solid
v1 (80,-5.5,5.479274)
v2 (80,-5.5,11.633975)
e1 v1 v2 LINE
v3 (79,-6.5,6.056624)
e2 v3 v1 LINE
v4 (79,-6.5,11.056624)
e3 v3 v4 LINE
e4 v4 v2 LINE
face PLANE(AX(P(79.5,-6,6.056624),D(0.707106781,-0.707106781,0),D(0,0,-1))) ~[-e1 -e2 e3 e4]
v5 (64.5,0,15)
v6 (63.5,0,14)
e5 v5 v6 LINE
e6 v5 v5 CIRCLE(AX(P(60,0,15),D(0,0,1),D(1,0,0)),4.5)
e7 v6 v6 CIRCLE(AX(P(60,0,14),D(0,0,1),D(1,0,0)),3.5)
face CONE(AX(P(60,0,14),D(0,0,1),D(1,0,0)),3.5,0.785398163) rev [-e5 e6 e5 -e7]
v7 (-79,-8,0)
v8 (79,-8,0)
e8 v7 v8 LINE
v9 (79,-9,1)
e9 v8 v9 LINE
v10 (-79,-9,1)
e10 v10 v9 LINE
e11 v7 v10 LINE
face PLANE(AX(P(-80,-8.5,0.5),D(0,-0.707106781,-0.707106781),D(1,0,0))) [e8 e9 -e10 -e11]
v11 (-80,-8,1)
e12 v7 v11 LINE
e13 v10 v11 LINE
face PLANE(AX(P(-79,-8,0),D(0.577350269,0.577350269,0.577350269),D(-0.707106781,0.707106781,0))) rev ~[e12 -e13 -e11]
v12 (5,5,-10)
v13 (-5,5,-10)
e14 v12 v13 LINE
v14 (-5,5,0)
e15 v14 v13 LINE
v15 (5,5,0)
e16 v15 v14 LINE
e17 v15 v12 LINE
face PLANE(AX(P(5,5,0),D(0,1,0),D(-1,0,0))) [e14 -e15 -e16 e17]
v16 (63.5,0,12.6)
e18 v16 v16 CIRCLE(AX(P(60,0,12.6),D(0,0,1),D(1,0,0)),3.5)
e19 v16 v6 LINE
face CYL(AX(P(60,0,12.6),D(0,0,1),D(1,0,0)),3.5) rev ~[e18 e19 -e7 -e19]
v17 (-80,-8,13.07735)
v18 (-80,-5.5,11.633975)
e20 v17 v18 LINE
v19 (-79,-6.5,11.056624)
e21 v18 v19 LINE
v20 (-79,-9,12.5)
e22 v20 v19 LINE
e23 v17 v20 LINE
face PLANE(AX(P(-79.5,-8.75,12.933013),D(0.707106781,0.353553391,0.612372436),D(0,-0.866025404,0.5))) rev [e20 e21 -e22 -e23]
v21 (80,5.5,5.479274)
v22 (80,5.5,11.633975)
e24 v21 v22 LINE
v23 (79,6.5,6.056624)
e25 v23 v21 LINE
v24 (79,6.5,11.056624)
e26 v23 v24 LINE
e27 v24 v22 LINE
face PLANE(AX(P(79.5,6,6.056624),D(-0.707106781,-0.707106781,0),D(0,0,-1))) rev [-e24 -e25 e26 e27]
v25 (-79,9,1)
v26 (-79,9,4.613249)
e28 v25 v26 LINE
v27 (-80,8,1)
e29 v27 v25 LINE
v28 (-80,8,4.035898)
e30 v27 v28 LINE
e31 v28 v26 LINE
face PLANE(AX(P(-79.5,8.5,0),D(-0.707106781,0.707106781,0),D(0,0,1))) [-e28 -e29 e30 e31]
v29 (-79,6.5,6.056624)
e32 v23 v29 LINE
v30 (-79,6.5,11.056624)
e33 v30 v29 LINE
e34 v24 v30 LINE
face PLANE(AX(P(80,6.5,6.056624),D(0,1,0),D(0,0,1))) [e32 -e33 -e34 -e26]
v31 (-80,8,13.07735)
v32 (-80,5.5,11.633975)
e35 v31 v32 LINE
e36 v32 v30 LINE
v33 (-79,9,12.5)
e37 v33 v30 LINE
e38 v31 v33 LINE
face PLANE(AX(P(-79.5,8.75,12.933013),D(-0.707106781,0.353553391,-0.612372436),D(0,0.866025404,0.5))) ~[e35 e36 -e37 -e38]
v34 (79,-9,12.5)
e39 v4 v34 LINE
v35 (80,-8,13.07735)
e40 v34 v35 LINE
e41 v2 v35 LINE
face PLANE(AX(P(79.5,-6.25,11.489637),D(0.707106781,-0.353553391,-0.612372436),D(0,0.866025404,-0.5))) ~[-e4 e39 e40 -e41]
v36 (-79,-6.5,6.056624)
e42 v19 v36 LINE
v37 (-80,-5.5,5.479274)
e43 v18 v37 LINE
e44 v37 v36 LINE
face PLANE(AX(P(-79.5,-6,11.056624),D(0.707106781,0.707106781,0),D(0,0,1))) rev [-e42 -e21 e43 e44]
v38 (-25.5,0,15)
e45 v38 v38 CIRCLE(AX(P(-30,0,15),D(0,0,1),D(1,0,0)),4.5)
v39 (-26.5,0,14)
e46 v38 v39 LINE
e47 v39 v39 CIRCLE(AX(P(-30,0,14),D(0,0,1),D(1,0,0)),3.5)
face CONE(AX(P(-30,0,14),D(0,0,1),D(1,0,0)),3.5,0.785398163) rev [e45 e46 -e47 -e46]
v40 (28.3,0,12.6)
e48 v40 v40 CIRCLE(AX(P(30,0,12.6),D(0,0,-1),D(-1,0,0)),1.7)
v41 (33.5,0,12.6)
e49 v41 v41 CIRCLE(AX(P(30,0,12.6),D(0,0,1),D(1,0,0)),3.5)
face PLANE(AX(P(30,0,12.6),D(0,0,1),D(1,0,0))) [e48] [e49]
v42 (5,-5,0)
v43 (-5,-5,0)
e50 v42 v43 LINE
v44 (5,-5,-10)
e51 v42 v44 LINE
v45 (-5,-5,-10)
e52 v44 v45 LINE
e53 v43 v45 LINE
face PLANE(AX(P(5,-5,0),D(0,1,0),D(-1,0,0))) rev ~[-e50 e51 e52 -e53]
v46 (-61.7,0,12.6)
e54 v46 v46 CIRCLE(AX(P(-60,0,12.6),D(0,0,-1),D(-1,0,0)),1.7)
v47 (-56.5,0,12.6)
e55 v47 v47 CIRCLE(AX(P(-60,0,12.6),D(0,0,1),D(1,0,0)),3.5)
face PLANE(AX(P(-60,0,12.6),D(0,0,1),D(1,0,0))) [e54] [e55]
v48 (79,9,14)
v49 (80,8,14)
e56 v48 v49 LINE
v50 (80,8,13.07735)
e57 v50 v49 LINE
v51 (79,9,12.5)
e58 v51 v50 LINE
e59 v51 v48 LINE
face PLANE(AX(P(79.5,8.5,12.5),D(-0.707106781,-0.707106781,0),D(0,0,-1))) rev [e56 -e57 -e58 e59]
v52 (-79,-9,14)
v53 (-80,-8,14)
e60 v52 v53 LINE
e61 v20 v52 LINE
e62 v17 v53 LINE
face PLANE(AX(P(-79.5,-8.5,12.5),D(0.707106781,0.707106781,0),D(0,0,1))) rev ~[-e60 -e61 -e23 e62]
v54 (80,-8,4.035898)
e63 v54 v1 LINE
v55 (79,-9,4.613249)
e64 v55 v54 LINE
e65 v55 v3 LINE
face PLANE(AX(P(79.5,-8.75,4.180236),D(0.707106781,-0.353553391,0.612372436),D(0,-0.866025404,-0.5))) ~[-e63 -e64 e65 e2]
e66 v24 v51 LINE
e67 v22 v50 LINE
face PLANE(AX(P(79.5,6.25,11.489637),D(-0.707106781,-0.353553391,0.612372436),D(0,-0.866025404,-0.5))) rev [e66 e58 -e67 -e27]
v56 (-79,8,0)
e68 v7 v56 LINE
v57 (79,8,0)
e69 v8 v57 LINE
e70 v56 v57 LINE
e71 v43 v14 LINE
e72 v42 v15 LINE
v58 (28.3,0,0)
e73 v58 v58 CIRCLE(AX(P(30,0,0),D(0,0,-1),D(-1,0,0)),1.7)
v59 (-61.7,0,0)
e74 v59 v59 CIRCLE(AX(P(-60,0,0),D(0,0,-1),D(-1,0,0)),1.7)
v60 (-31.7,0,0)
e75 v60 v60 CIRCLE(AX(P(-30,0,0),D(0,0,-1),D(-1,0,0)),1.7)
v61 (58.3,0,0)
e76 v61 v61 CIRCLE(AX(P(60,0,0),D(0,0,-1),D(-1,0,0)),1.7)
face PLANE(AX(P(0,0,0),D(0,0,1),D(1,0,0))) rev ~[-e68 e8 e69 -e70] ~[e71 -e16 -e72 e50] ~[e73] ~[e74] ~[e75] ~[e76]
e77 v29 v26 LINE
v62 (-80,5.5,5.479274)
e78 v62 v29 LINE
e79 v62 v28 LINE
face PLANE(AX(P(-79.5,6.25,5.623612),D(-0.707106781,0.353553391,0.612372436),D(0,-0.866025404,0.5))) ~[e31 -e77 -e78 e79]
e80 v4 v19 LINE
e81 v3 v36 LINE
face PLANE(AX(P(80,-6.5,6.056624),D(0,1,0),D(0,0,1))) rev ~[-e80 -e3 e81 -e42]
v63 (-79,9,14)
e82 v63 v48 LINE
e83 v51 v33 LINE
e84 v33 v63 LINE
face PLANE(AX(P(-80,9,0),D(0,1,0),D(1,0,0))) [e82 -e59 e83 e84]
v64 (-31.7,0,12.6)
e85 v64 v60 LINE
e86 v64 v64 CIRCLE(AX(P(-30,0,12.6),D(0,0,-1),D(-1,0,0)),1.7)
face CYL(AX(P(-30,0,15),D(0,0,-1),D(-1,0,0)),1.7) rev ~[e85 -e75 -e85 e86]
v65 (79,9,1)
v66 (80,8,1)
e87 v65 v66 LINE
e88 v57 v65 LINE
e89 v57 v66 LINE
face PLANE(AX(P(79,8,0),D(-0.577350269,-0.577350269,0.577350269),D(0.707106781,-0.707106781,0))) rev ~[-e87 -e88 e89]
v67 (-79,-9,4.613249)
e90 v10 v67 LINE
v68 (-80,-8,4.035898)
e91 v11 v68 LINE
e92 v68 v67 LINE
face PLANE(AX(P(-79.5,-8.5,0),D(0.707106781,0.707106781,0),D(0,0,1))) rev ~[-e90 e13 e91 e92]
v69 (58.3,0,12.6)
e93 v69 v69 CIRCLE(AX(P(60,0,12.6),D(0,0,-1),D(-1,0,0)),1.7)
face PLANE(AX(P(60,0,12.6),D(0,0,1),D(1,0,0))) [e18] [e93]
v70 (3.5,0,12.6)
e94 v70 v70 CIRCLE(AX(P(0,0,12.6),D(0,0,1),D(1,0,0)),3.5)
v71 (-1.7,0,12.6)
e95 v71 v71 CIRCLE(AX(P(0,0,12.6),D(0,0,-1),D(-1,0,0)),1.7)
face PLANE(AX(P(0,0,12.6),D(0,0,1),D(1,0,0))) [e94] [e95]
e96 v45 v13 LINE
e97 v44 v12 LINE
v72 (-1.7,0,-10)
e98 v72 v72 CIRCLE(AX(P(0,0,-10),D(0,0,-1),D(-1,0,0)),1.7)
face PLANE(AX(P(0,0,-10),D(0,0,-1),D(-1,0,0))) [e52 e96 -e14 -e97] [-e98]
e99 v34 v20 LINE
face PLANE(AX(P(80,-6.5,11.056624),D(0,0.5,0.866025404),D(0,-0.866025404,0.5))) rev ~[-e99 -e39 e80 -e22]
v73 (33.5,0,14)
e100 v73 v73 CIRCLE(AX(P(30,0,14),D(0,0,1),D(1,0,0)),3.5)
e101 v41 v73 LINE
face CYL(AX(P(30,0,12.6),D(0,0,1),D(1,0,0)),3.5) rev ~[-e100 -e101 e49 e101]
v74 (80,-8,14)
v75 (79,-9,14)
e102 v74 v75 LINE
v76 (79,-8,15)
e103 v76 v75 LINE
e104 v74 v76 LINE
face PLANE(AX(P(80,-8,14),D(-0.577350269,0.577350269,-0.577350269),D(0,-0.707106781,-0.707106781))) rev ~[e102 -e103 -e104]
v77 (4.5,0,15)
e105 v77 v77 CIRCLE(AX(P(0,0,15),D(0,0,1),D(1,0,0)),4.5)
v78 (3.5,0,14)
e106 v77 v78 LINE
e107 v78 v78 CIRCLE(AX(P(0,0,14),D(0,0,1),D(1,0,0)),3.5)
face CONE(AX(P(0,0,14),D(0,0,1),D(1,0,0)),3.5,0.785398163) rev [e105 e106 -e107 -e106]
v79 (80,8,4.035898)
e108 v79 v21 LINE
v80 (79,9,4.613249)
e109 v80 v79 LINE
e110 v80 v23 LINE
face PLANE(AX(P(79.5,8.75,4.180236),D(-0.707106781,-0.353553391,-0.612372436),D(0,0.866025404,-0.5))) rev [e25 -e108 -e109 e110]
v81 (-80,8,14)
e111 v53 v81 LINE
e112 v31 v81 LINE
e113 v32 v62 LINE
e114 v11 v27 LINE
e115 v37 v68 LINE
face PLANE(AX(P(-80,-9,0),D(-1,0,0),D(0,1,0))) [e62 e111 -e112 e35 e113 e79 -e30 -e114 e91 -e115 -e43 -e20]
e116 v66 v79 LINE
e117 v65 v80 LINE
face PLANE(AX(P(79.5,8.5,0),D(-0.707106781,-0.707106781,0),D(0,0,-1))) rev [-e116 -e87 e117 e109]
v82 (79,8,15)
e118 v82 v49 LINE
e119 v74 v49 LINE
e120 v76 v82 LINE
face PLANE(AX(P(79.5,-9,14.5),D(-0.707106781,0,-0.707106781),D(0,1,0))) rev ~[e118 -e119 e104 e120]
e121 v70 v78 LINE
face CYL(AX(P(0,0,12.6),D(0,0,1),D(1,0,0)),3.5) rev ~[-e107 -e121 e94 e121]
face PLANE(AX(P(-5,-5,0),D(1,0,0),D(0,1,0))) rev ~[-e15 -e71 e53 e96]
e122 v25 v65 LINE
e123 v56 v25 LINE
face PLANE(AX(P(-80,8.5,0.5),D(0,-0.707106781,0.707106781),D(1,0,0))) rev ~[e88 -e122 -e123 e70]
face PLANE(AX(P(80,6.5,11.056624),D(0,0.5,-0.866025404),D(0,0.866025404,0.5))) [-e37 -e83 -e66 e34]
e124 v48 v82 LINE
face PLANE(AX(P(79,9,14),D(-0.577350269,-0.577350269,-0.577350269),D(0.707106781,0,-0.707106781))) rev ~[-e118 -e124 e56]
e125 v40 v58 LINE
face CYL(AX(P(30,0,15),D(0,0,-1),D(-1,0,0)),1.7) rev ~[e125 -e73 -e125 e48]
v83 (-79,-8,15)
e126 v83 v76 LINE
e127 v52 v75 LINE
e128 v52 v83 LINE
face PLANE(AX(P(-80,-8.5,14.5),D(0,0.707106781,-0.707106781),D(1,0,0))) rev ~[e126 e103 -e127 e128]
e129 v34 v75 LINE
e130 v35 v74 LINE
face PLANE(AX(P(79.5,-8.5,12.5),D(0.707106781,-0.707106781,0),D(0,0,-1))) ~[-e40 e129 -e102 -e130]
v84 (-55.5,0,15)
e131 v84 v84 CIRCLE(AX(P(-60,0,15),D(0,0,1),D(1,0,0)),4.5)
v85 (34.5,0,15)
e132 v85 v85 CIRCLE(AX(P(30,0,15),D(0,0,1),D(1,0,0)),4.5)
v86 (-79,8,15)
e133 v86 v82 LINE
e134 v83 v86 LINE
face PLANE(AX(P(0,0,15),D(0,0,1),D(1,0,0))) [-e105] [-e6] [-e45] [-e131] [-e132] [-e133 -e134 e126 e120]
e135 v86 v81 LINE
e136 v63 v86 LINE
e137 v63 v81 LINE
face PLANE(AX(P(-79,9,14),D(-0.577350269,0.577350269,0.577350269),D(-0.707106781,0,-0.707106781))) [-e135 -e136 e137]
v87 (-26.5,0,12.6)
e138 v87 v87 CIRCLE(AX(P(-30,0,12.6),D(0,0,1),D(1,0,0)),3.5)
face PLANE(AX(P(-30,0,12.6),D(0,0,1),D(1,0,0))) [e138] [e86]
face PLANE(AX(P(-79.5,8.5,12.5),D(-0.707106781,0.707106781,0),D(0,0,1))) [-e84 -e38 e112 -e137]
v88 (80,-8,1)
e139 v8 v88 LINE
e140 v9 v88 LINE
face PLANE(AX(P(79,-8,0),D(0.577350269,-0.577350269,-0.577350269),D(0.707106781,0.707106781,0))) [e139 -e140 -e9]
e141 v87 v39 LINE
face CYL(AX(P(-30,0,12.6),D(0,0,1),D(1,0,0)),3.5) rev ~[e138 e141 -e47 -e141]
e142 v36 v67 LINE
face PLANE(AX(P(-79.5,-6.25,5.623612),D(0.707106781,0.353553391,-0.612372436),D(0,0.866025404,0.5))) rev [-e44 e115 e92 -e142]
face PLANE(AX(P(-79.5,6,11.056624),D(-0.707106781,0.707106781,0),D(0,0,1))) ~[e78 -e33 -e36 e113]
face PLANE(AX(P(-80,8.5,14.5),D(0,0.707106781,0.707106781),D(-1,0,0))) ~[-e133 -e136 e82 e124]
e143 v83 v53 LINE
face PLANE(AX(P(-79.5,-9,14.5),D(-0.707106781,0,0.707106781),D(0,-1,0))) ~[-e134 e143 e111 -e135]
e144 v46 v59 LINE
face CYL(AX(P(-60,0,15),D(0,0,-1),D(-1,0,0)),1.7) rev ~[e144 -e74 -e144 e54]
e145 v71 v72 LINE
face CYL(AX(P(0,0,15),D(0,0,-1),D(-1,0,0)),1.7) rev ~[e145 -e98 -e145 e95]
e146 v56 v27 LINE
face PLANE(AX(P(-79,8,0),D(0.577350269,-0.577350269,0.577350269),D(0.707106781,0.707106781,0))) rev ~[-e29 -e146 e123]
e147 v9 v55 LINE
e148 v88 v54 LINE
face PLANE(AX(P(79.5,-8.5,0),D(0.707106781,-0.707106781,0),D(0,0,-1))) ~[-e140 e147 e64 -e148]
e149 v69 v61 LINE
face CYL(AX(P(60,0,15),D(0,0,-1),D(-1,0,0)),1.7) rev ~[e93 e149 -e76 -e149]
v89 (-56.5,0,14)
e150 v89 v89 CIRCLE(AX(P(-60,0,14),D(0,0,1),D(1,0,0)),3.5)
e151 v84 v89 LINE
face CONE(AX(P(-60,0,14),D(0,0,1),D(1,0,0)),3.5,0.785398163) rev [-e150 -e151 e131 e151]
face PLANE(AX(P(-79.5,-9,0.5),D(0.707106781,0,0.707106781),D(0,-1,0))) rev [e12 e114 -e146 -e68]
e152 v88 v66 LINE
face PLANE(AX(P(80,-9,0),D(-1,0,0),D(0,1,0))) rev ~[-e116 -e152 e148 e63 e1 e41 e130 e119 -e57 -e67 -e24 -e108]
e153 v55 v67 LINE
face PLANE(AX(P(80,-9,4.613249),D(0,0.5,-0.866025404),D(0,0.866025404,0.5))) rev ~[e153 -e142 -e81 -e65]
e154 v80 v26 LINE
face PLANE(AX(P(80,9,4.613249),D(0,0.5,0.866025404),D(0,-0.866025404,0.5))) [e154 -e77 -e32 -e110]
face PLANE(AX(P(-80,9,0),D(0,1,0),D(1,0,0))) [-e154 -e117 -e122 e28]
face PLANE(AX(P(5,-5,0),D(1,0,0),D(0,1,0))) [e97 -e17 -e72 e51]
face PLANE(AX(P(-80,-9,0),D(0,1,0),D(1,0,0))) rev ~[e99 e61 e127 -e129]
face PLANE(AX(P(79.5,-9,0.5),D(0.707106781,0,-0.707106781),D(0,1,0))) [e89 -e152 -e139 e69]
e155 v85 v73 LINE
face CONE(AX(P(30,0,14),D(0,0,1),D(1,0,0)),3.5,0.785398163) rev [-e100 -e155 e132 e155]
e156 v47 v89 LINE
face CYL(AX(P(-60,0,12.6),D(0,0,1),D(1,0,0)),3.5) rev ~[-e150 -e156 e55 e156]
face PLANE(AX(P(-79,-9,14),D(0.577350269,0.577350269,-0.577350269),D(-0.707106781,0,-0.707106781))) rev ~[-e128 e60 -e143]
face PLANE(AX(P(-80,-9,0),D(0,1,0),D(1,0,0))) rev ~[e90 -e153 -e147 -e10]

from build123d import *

# Parameters (mm, degrees)
SKETCH1_W                                = 160
SKETCH1_H                                = 18
BOSS_EXTRUDE1_DEPTH                      = 15
CUT_EXTRUDE1_DEPTH                       = 161.953409408
SKETCH3_W                                = 10
SKETCH3_H                                = 10
BOSS_EXTRUDE2_DEPTH                      = 10
CBORE_FOR_M3_PAN_HEAD_SCREW1_D           = 3.4
CBORE_FOR_M3_PAN_HEAD_SCREW1_CBORE_D     = 7
CBORE_FOR_M3_PAN_HEAD_SCREW1_CBORE_DEPTH = 2.4
CHAMFER1_SIZE                            = 1
LPATTERN2_COUNT                          = 3
LPATTERN2_PITCH                          = 30
LPATTERN3_COUNT                          = 3
LPATTERN3_PITCH                          = 30
CHAMFER2_SIZE                            = 1


with BuildPart() as part:
    # Sketch1 → Boss-Extrude1 (new body)
    with BuildSketch(Plane.XY):
        Rectangle(SKETCH1_W, SKETCH1_H)
    extrude(amount=BOSS_EXTRUDE1_DEPTH)

    # Sketch2 → Cut-Extrude1 (cut, through all)
    with BuildSketch(Plane(origin=(80, 0, 0), x_dir=(0, 0, -1), z_dir=(1, 0, 0))):
        Polygon((-12.5, 9), (-4.613248654, 9), (-6.056624327, 6.5), (-11.056624327, 6.5), align=None)
        Polygon((-11.056624327, -6.5), (-12.5, -9), (-4.613248654, -9), (-6.056624327, -6.5), align=None)
    extrude(amount=-CUT_EXTRUDE1_DEPTH, mode=Mode.SUBTRACT)

    # Sketch3 → Boss-Extrude2 (add)
    with BuildSketch(Plane(origin=(0, 0, 0), x_dir=(-1, 0, 0), z_dir=(0, 0, -1))):
        Rectangle(SKETCH3_W, SKETCH3_H)
    extrude(amount=BOSS_EXTRUDE2_DEPTH)

    # CBORE for M3 Pan Head Screw1 (through all)
    with Locations(Plane.XY.offset(15)):
        with Locations((0, 0)):
            cbore_for_m3_pan_head_screw1 = CounterBoreHole(CBORE_FOR_M3_PAN_HEAD_SCREW1_D / 2, CBORE_FOR_M3_PAN_HEAD_SCREW1_CBORE_D / 2, CBORE_FOR_M3_PAN_HEAD_SCREW1_CBORE_DEPTH)

    # Chamfer1
    chamfer1_edges = [part.edges().sort_by_distance(p)[0] for p in [
        (-80, 0, 15),
        (0, -9, 15),
        (80, -9, 2.306624327),
        (-80, -9, 2.306624327),
        (-80, 9, 2.306624327),
        (80, 9, 2.306624327),
        (-80, 7.75, 11.778312164),
        (-80, 7.75, 5.334936491),
        (-80, 6.5, 8.556624327),
        (80, 7.75, 11.778312164),
        (80, 6.5, 8.556624327),
        (80, 7.75, 5.334936491),
        (-80, -6.5, 8.556624327),
        (-80, -7.75, 5.334936491),
        (-80, -7.75, 11.778312164),
        (80, -6.5, 8.556624327),
        (80, -7.75, 11.778312164),
        (80, -7.75, 5.334936491),
        (80, 0, 15),
        (0, -9, 0),
        (-80, 0, 0),
        (0, 9, 0),
        (80, 0, 0),
        (-3.5, 0, 15),
        (0, 9, 15),
        (80, -9, 13.75),
        (-80, -9, 13.75),
        (-80, 9, 13.75),
        (80, 9, 13.75),
    ]]
    chamfer(chamfer1_edges, length=CHAMFER1_SIZE)

    # LPattern2: CBORE for M3 Pan Head Screw1 ×3
    with Locations(*[(i * LPATTERN2_PITCH, 0, 0) for i in range(1, LPATTERN2_COUNT)]):
        add(cbore_for_m3_pan_head_screw1, mode=Mode.SUBTRACT)

    # LPattern3: CBORE for M3 Pan Head Screw1 ×3
    with Locations(*[(-i * LPATTERN3_PITCH, 0, 0) for i in range(1, LPATTERN3_COUNT)]):
        add(cbore_for_m3_pan_head_screw1, mode=Mode.SUBTRACT)

    # Chamfer2
    chamfer2_edges = [part.edges().sort_by_distance(p)[0] for p in [
        (26.5, 0, 15),
        (56.5, 0, 15),
        (-33.5, 0, 15),
        (-63.5, 0, 15),
    ]]
    chamfer(chamfer2_edges, length=CHAMFER2_SIZE)


solid = part.part
